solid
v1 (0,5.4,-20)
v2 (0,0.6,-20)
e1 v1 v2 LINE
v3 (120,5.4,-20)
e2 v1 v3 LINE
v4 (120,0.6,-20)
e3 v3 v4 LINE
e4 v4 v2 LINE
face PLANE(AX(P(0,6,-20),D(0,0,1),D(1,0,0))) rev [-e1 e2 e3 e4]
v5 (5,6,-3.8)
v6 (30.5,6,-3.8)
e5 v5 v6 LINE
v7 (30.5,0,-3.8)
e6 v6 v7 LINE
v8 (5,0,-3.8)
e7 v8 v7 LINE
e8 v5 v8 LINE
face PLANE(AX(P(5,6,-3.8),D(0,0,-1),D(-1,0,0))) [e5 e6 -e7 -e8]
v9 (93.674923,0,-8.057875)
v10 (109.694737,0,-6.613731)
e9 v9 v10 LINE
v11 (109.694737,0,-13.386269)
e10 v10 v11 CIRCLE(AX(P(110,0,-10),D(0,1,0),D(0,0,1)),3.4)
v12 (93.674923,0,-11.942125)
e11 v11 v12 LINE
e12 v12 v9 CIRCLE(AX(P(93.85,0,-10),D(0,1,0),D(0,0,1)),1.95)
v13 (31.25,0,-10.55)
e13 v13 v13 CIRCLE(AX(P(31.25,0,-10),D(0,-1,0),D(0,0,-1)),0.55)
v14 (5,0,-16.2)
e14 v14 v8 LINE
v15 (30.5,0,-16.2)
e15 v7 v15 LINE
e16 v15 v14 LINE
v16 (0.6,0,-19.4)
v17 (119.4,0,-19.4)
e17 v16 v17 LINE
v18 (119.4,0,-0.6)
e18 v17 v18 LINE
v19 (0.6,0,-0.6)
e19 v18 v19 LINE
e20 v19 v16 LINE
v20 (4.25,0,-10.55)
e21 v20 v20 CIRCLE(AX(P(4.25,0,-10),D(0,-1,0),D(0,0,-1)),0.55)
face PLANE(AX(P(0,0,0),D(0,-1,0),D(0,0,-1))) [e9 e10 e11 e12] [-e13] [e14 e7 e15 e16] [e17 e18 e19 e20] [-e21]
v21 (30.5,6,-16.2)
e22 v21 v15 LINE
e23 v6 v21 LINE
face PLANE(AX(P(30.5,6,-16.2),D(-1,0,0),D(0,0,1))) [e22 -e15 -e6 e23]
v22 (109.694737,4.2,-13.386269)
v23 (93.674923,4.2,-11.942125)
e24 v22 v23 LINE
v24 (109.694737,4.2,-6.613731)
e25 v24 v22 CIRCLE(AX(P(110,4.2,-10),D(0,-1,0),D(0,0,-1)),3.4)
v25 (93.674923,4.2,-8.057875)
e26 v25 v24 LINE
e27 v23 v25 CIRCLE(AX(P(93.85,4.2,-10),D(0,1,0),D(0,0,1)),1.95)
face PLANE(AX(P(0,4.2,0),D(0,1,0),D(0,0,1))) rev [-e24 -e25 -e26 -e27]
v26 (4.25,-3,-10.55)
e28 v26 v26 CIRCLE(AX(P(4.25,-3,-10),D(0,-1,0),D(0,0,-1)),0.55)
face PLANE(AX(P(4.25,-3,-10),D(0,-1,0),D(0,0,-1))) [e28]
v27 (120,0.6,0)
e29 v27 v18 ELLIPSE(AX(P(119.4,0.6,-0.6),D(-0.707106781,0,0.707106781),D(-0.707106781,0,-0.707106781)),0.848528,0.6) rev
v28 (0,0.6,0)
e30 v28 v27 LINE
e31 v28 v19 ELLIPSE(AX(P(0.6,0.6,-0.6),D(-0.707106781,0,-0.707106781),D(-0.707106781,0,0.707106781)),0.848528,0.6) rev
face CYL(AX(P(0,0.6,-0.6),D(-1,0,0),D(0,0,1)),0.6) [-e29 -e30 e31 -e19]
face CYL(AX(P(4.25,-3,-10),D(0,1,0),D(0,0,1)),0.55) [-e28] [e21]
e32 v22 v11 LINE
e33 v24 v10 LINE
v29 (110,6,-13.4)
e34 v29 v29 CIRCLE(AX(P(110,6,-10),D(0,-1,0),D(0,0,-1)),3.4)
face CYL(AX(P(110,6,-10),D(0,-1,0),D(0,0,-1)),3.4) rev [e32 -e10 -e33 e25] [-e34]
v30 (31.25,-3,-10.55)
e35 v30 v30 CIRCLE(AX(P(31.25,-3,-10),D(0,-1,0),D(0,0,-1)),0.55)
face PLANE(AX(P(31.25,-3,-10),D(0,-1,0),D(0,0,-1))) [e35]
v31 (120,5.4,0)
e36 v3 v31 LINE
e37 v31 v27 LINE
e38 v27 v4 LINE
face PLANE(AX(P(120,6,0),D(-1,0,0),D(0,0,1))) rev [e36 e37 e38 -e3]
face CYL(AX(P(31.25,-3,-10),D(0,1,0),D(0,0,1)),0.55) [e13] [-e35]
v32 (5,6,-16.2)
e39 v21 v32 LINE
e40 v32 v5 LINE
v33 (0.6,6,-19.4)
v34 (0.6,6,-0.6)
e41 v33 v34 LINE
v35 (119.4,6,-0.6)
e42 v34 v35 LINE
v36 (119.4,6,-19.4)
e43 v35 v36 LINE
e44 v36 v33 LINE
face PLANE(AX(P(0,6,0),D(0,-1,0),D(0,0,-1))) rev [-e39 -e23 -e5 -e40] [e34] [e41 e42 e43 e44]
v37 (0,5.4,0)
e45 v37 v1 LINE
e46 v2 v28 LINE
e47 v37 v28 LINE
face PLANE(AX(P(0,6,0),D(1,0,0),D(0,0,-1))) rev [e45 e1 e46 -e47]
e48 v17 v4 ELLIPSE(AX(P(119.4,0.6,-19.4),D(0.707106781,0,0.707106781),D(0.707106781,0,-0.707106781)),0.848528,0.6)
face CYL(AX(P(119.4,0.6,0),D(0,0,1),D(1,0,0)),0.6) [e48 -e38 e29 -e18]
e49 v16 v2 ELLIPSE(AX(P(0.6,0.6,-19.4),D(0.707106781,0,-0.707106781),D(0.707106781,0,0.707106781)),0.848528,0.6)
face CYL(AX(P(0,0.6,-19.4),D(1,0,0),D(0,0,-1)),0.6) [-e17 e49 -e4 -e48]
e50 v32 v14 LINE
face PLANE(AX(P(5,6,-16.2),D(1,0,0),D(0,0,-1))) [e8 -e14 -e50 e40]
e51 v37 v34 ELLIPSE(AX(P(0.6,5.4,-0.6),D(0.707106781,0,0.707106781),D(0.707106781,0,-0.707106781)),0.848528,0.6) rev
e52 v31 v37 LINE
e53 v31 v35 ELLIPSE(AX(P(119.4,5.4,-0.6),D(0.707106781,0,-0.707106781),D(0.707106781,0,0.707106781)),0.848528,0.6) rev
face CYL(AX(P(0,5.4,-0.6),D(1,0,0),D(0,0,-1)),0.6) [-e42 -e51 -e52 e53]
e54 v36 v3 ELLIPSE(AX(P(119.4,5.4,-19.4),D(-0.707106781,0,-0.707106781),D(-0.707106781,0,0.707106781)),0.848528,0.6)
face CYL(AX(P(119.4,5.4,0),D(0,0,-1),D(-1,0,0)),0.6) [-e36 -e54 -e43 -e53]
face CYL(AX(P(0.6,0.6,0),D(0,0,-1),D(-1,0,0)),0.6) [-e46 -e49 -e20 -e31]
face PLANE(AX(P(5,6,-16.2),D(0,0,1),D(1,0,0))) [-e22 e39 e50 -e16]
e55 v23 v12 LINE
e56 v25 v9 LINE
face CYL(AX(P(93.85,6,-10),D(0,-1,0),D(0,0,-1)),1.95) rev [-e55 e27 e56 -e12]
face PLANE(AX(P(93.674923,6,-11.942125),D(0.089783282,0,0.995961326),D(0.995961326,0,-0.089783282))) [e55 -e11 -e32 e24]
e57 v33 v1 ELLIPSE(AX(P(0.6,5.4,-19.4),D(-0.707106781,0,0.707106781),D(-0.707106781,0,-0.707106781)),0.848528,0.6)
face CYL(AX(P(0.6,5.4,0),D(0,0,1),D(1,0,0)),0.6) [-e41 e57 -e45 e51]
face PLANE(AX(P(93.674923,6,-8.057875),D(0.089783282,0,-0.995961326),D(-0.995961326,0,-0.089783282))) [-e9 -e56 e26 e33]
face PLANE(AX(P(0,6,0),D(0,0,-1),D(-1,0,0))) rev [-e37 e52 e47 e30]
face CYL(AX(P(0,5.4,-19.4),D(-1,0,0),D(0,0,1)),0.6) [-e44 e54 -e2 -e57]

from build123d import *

# Parameters (mm, degrees)
SKETCH1_W           = 120
SKETCH1_H           = 20
SKETCH1_W_2         = 25.5
SKETCH1_H_2         = 12.4
BOSS_EXTRUDE1_DEPTH = 6
SKETCH3_R           = 0.55
BOSS_EXTRUDE2_DEPTH = 3
SKETCH4_W           = 36
SKETCH4_H           = 20
BOSS_EXTRUDE3_DEPTH = 1.8
SKETCH5_R           = 3.4
CUT_EXTRUDE1_DEPTH  = 1.8
FILLET1_R           = 0.6


with BuildPart() as part:
    # Sketch1 → Boss-Extrude1 (new body)
    with BuildSketch(Plane(origin=(0, 0, 0), x_dir=(1, 0, 0), z_dir=(0, 1, 0))):
        with Locations((60, 10)):
            Rectangle(SKETCH1_W, SKETCH1_H)
        with BuildLine():
            Line((93.674922601, 11.942124585), (109.694736842, 13.386268507))
            ThreePointArc((109.694736842, 13.386268507), (113.4, 10), (109.694736842, 6.613731493))
            Line((109.694736842, 6.613731493), (93.674922601, 8.057875415))
            ThreePointArc((93.674922601, 8.057875415), (91.9, 10), (93.674922601, 11.942124585))
        make_face(mode=Mode.SUBTRACT)
        with Locations((17.75, 10)):
            Rectangle(SKETCH1_W_2, SKETCH1_H_2, mode=Mode.SUBTRACT)
    extrude(amount=BOSS_EXTRUDE1_DEPTH)

    # Sketch3 → Boss-Extrude2 (add)
    with BuildSketch(Plane.XZ):
        with Locations(Location((4.25, -10, 0), (0, 0, 270))):
            Circle(SKETCH3_R)
        with Locations(Location((31.25, -10, 0), (0, 0, 270))):
            Circle(SKETCH3_R)
    extrude(amount=BOSS_EXTRUDE2_DEPTH)

    # Sketch4 → Boss-Extrude3 (add)
    with BuildSketch(Plane(origin=(0, 6, 0), x_dir=(1, 0, 0), z_dir=(0, 1, 0))):
        with Locations((102, 10)):
            Rectangle(SKETCH4_W, SKETCH4_H)
    extrude(amount=-BOSS_EXTRUDE3_DEPTH)

    # Sketch5 → Cut-Extrude1 (cut)
    with BuildSketch(Plane.XZ.offset(-4.2)):
        with Locations(Location((110, -10, 0), (0, 0, 270))):
            Circle(SKETCH5_R)
    extrude(amount=-CUT_EXTRUDE1_DEPTH, mode=Mode.SUBTRACT)

    # Fillet1
    fillet1_edges = [part.edges().sort_by_distance(p)[0] for p in [
        (120, 6, -10),
        (60, 6, -20),
        (0, 6, -10),
        (60, 0, -20),
        (120, 0, -10),
        (60, 0, 0),
        (0, 0, -10),
        (60, 6, 0),
    ]]
    fillet(fillet1_edges, radius=FILLET1_R)


solid = part.part
